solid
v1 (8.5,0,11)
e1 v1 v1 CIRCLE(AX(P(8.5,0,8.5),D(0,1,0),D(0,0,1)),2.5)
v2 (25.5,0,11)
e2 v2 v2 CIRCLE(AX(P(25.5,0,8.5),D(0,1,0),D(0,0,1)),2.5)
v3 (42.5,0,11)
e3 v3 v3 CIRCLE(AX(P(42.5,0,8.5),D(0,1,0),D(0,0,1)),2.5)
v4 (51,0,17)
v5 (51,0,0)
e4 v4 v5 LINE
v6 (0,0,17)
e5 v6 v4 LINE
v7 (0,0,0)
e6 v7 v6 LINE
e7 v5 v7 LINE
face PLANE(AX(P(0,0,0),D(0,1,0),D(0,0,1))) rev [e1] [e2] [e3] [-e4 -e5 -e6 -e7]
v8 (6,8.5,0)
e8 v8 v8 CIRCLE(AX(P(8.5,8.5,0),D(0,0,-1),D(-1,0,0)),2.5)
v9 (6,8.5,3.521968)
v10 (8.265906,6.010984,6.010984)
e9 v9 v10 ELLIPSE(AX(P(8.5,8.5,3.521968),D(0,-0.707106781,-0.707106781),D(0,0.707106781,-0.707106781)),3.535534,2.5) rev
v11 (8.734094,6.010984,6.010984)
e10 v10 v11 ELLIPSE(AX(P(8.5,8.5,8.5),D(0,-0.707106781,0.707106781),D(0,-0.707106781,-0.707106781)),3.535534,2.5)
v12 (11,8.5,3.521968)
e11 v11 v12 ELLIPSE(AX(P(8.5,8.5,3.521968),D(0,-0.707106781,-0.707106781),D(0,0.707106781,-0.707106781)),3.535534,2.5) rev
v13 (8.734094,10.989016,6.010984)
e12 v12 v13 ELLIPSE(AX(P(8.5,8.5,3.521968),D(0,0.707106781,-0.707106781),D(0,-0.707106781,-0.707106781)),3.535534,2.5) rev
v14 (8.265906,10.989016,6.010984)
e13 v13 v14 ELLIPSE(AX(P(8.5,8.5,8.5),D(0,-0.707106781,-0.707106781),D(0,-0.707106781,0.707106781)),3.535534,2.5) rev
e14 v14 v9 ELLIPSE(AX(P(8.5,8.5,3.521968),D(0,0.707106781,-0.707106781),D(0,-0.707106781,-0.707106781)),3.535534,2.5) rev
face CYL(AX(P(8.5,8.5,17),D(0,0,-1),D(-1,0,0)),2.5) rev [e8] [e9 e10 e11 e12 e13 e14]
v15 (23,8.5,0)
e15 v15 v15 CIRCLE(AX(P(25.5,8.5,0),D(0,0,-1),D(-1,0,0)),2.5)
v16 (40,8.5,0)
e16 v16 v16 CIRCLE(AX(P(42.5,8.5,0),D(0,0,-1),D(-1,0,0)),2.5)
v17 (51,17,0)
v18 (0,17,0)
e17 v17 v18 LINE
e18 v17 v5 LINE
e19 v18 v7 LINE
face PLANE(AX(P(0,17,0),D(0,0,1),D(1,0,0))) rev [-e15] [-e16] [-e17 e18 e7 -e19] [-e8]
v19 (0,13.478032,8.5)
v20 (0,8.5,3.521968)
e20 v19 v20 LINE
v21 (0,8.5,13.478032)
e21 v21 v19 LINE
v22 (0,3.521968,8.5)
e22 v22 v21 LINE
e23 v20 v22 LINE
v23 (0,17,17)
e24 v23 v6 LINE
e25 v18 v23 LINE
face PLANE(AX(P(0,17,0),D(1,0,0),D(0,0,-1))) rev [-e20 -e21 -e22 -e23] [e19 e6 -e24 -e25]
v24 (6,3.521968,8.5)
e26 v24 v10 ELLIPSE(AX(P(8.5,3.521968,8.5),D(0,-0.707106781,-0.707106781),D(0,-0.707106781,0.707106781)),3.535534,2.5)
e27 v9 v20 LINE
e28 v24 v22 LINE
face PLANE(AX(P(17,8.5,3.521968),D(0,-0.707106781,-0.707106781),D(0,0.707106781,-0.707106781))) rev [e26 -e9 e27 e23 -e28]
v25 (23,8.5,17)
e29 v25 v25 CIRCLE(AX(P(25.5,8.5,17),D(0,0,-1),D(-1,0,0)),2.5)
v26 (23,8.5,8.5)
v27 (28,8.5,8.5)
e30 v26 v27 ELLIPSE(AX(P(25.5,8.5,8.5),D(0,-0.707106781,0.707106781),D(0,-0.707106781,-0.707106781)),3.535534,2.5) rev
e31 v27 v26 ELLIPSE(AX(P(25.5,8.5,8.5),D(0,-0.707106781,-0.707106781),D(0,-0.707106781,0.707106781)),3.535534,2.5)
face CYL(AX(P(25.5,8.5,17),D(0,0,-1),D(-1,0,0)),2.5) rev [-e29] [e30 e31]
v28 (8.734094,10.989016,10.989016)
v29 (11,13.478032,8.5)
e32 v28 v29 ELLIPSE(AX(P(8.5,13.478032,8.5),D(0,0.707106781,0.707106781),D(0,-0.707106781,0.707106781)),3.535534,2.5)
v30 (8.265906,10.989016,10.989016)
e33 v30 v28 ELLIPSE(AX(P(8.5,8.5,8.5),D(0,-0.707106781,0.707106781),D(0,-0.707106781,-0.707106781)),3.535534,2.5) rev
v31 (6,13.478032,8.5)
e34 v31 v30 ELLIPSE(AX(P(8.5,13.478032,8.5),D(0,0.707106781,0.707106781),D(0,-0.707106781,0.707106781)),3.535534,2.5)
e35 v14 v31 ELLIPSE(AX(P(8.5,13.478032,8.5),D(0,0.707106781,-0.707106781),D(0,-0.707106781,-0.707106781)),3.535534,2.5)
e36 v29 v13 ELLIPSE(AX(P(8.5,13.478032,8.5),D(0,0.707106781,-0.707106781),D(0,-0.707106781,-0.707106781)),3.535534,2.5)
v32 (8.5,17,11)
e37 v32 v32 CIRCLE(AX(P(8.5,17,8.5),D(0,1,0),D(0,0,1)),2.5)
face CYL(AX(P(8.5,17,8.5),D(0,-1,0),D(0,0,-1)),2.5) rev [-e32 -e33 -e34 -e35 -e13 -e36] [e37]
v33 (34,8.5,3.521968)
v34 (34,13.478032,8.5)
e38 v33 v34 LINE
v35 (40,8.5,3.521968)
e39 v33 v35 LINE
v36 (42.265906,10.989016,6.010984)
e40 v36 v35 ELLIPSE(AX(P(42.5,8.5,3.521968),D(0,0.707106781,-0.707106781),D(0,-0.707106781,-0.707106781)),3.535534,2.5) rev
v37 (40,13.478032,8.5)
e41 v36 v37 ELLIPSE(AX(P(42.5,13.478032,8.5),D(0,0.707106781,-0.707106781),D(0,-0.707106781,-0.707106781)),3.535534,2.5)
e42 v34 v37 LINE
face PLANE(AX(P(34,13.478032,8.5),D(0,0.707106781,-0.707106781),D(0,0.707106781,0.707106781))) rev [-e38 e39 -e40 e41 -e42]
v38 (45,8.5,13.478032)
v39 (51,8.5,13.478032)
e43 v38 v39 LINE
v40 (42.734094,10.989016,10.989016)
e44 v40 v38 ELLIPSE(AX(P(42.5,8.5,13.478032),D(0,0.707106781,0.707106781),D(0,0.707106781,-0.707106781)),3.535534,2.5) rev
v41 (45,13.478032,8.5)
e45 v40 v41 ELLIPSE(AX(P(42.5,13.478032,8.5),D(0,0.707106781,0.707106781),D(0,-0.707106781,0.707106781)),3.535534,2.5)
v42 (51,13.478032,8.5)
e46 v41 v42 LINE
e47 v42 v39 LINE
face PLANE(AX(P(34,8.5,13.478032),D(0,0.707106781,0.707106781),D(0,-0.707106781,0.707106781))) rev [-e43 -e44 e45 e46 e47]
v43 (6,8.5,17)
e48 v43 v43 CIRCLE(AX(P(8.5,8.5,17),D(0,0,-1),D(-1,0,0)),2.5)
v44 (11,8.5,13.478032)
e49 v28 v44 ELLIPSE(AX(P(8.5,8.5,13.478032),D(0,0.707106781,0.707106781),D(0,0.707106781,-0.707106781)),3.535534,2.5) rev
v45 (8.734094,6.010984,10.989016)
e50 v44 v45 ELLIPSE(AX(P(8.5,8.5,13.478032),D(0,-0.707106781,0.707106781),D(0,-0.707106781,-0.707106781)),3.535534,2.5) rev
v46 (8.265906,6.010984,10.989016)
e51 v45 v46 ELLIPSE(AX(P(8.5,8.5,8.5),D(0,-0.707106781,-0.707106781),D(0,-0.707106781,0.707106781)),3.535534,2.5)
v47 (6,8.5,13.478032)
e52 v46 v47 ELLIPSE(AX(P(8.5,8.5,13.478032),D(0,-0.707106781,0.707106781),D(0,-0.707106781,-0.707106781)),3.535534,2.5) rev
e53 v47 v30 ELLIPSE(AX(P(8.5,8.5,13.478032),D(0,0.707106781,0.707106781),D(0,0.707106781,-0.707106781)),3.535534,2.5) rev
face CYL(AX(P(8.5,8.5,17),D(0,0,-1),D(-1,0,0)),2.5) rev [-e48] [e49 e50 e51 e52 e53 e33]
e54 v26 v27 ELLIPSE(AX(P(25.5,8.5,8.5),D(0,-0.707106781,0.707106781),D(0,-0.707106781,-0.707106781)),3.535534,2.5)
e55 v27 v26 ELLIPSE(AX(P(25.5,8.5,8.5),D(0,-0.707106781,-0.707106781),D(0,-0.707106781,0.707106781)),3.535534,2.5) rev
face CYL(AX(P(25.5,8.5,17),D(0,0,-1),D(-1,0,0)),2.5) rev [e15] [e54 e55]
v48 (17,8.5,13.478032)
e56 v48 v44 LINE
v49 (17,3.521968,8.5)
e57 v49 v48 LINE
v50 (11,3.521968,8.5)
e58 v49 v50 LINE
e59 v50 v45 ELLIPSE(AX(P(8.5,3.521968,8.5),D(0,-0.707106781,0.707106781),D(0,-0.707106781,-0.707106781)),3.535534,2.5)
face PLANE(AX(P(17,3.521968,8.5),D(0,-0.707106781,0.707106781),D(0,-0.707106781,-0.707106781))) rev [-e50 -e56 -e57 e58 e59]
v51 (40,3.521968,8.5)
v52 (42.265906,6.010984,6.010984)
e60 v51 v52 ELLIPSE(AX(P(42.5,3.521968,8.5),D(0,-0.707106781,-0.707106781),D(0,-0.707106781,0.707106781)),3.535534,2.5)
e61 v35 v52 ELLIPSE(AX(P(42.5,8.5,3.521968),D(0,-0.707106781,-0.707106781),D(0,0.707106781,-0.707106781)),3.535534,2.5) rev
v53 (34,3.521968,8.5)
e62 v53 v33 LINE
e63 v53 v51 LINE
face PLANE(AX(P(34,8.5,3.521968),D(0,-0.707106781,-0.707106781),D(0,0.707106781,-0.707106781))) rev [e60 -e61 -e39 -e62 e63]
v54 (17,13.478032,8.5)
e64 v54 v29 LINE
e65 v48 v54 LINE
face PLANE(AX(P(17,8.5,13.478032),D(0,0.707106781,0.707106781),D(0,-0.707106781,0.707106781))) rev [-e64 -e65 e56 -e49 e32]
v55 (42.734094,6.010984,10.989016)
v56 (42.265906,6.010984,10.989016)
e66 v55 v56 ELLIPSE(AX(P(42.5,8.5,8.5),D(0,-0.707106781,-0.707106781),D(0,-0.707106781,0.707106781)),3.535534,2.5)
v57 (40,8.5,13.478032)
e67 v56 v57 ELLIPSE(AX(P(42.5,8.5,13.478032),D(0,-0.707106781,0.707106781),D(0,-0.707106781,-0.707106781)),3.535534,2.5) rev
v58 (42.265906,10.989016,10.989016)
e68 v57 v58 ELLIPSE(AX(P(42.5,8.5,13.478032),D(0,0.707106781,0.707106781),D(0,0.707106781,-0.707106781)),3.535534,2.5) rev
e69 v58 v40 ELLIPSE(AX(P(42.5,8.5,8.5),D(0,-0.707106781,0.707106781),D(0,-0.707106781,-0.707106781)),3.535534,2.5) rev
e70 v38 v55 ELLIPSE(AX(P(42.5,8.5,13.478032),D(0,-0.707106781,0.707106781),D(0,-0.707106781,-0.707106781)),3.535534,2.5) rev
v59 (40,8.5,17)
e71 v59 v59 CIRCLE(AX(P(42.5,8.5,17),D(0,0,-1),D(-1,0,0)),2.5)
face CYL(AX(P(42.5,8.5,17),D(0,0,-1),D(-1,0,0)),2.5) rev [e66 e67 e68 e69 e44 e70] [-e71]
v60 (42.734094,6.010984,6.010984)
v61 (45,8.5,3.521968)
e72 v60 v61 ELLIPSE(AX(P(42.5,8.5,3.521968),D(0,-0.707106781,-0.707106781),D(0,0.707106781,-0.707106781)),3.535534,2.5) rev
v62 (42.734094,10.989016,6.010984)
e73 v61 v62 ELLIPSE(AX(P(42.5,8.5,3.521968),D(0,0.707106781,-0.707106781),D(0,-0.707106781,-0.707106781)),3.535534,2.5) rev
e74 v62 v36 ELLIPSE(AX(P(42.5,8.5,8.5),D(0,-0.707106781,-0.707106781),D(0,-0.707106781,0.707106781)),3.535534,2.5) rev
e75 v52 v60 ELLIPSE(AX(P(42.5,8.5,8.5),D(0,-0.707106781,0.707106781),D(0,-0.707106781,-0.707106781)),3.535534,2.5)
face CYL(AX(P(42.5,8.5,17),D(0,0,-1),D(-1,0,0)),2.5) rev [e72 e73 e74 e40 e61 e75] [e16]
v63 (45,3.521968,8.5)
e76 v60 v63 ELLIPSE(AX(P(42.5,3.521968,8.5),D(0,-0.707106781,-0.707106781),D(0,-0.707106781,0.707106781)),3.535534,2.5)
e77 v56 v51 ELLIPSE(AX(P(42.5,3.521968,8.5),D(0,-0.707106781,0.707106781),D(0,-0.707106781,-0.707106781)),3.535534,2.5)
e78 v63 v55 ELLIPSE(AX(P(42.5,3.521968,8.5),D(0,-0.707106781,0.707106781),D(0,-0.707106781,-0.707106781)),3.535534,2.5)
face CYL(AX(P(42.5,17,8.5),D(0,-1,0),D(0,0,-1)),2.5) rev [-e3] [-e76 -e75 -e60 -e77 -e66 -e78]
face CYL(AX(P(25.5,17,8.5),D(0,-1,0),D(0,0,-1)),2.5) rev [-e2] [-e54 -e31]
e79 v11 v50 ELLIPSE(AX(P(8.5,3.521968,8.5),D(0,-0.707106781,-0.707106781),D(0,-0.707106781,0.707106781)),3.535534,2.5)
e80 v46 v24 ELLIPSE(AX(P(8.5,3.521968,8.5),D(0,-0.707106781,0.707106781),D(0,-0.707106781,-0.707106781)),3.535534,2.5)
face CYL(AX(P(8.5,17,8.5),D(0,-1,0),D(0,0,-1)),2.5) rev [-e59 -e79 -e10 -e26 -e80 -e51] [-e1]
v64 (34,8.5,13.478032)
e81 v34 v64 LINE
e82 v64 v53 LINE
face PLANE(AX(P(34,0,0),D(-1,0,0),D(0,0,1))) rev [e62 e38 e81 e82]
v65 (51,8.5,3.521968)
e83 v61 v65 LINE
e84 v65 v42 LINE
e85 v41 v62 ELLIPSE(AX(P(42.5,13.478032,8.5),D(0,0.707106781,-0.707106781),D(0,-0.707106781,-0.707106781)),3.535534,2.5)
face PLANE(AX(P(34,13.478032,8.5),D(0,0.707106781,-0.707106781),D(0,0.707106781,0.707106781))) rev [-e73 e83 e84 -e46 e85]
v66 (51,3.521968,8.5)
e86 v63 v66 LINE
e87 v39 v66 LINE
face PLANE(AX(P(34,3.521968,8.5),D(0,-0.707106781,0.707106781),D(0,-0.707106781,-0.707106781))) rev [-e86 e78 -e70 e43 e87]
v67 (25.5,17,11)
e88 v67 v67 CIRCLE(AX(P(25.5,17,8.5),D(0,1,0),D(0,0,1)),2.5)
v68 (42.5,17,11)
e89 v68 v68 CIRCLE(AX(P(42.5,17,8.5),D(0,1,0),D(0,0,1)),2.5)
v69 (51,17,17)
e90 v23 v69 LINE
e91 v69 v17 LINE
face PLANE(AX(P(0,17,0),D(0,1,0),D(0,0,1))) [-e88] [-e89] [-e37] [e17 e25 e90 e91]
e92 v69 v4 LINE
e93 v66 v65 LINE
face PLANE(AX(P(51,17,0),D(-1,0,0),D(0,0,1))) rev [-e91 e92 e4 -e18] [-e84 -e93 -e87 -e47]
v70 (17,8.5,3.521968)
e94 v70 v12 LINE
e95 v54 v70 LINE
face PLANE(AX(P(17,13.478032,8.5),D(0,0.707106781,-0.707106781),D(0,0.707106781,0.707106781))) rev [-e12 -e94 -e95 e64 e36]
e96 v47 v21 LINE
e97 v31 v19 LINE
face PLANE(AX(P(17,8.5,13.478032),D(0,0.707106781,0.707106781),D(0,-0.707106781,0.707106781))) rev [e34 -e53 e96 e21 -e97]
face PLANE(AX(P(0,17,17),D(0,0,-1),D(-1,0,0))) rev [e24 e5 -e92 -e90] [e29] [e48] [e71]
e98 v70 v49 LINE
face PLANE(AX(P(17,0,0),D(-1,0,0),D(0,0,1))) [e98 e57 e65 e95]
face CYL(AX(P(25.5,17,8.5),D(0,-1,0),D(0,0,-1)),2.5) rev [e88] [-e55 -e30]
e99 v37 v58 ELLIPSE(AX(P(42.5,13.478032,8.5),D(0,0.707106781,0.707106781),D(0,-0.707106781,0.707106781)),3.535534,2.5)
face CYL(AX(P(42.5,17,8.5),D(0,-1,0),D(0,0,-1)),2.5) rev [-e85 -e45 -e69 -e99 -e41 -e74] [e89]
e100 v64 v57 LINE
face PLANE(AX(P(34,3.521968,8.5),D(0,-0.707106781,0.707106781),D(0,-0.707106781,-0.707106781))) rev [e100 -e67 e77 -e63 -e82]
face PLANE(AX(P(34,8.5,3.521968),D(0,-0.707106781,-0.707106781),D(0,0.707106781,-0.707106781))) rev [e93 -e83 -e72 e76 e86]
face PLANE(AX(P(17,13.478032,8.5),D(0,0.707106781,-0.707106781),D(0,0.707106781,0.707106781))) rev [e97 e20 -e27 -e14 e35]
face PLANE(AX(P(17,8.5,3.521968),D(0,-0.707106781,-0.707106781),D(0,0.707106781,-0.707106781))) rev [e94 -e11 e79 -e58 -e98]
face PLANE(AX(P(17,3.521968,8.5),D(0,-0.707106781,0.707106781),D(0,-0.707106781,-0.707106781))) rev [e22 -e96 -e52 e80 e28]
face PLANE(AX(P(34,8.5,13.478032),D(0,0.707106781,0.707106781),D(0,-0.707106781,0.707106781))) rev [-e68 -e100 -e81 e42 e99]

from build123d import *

# Parameters (mm, degrees)
SKETCH1_W           = 51
SKETCH1_H           = 17
SKETCH1_R           = 2.5
BOSS_EXTRUDE1_DEPTH = 17
SKETCH6_OUTSIDE_W   = 64.276
SKETCH6_OUTSIDE_H   = 30.276
SKETCH6_OUTSIDE_W_2 = 51
SKETCH6_OUTSIDE_H_2 = 17
SKETCH6_OUTSIDE_R   = 2.5
CUT_EXTRUDE10_DEPTH = 18
SKETCH7_OUTSIDE_W   = 30.276
SKETCH7_OUTSIDE_H   = 30.276
SKETCH7_OUTSIDE_W_2 = 17
SKETCH7_OUTSIDE_H_2 = 17
CUT_EXTRUDE11_DEPTH = 17
SKETCH9_OUTSIDE_W   = 30.276
SKETCH9_OUTSIDE_H   = 30.276
SKETCH9_OUTSIDE_W_2 = 17
SKETCH9_OUTSIDE_H_2 = 17
CUT_EXTRUDE12_DEPTH = 17


with BuildPart() as part:
    # sketch1 → Boss-Extrude1 (new body)
    with BuildSketch(Plane(origin=(0, 0, 0), x_dir=(1, 0, 0), z_dir=(0, 1, 0))):
        with Locations((25.5, -8.5)):
            Rectangle(SKETCH1_W, SKETCH1_H)
        with Locations((8.5, -8.5)):
            Circle(SKETCH1_R, mode=Mode.SUBTRACT)
        with Locations((25.5, -8.5)):
            Circle(SKETCH1_R, mode=Mode.SUBTRACT)
        with Locations((42.5, -8.5)):
            Circle(SKETCH1_R, mode=Mode.SUBTRACT)
    extrude(amount=BOSS_EXTRUDE1_DEPTH)

    # Sketch6 outside → Cut-Extrude10 (cut, through all)
    with BuildSketch(Plane(origin=(0, 0, 0), x_dir=(-1, 0, 0), z_dir=(0, 0, -1))):
        with Locations((-25.5, 8.5)):
            Rectangle(SKETCH6_OUTSIDE_W, SKETCH6_OUTSIDE_H)
        with Locations((-25.5, 8.5)):
            Rectangle(SKETCH6_OUTSIDE_W_2, SKETCH6_OUTSIDE_H_2, mode=Mode.SUBTRACT)
        with Locations((-42.5, 8.5)):
            Circle(SKETCH6_OUTSIDE_R)
        with Locations((-25.5, 8.5)):
            Circle(SKETCH6_OUTSIDE_R)
        with Locations((-8.5, 8.5)):
            Circle(SKETCH6_OUTSIDE_R)
    extrude(amount=-CUT_EXTRUDE10_DEPTH, mode=Mode.SUBTRACT)

    # Sketch7 outside → Cut-Extrude11 (cut)
    with BuildSketch(Plane(origin=(51, 0, 0), x_dir=(0, 0, -1), z_dir=(1, 0, 0))):
        with Locations((-8.5, 8.5)):
            Rectangle(SKETCH7_OUTSIDE_W, SKETCH7_OUTSIDE_H)
        with Locations((-8.5, 8.5)):
            Rectangle(SKETCH7_OUTSIDE_W_2, SKETCH7_OUTSIDE_H_2, mode=Mode.SUBTRACT)
        Polygon((-8.5, 13.47803174), (-3.52196826, 8.5), (-8.5, 3.52196826), (-13.47803174, 8.5), align=None)
    extrude(amount=-CUT_EXTRUDE11_DEPTH, mode=Mode.SUBTRACT)

    # Sketch9 outside → Cut-Extrude12 (cut)
    with BuildSketch(Plane.ZY):
        with Locations((8.5, 8.5)):
            Rectangle(SKETCH9_OUTSIDE_W, SKETCH9_OUTSIDE_H)
        with Locations((8.5, 8.5)):
            Rectangle(SKETCH9_OUTSIDE_W_2, SKETCH9_OUTSIDE_H_2, mode=Mode.SUBTRACT)
        Polygon((8.5, 13.47803174), (3.52196826, 8.5), (8.5, 3.52196826), (13.47803174, 8.5), align=None)
    extrude(amount=-CUT_EXTRUDE12_DEPTH, mode=Mode.SUBTRACT)


solid = part.part
